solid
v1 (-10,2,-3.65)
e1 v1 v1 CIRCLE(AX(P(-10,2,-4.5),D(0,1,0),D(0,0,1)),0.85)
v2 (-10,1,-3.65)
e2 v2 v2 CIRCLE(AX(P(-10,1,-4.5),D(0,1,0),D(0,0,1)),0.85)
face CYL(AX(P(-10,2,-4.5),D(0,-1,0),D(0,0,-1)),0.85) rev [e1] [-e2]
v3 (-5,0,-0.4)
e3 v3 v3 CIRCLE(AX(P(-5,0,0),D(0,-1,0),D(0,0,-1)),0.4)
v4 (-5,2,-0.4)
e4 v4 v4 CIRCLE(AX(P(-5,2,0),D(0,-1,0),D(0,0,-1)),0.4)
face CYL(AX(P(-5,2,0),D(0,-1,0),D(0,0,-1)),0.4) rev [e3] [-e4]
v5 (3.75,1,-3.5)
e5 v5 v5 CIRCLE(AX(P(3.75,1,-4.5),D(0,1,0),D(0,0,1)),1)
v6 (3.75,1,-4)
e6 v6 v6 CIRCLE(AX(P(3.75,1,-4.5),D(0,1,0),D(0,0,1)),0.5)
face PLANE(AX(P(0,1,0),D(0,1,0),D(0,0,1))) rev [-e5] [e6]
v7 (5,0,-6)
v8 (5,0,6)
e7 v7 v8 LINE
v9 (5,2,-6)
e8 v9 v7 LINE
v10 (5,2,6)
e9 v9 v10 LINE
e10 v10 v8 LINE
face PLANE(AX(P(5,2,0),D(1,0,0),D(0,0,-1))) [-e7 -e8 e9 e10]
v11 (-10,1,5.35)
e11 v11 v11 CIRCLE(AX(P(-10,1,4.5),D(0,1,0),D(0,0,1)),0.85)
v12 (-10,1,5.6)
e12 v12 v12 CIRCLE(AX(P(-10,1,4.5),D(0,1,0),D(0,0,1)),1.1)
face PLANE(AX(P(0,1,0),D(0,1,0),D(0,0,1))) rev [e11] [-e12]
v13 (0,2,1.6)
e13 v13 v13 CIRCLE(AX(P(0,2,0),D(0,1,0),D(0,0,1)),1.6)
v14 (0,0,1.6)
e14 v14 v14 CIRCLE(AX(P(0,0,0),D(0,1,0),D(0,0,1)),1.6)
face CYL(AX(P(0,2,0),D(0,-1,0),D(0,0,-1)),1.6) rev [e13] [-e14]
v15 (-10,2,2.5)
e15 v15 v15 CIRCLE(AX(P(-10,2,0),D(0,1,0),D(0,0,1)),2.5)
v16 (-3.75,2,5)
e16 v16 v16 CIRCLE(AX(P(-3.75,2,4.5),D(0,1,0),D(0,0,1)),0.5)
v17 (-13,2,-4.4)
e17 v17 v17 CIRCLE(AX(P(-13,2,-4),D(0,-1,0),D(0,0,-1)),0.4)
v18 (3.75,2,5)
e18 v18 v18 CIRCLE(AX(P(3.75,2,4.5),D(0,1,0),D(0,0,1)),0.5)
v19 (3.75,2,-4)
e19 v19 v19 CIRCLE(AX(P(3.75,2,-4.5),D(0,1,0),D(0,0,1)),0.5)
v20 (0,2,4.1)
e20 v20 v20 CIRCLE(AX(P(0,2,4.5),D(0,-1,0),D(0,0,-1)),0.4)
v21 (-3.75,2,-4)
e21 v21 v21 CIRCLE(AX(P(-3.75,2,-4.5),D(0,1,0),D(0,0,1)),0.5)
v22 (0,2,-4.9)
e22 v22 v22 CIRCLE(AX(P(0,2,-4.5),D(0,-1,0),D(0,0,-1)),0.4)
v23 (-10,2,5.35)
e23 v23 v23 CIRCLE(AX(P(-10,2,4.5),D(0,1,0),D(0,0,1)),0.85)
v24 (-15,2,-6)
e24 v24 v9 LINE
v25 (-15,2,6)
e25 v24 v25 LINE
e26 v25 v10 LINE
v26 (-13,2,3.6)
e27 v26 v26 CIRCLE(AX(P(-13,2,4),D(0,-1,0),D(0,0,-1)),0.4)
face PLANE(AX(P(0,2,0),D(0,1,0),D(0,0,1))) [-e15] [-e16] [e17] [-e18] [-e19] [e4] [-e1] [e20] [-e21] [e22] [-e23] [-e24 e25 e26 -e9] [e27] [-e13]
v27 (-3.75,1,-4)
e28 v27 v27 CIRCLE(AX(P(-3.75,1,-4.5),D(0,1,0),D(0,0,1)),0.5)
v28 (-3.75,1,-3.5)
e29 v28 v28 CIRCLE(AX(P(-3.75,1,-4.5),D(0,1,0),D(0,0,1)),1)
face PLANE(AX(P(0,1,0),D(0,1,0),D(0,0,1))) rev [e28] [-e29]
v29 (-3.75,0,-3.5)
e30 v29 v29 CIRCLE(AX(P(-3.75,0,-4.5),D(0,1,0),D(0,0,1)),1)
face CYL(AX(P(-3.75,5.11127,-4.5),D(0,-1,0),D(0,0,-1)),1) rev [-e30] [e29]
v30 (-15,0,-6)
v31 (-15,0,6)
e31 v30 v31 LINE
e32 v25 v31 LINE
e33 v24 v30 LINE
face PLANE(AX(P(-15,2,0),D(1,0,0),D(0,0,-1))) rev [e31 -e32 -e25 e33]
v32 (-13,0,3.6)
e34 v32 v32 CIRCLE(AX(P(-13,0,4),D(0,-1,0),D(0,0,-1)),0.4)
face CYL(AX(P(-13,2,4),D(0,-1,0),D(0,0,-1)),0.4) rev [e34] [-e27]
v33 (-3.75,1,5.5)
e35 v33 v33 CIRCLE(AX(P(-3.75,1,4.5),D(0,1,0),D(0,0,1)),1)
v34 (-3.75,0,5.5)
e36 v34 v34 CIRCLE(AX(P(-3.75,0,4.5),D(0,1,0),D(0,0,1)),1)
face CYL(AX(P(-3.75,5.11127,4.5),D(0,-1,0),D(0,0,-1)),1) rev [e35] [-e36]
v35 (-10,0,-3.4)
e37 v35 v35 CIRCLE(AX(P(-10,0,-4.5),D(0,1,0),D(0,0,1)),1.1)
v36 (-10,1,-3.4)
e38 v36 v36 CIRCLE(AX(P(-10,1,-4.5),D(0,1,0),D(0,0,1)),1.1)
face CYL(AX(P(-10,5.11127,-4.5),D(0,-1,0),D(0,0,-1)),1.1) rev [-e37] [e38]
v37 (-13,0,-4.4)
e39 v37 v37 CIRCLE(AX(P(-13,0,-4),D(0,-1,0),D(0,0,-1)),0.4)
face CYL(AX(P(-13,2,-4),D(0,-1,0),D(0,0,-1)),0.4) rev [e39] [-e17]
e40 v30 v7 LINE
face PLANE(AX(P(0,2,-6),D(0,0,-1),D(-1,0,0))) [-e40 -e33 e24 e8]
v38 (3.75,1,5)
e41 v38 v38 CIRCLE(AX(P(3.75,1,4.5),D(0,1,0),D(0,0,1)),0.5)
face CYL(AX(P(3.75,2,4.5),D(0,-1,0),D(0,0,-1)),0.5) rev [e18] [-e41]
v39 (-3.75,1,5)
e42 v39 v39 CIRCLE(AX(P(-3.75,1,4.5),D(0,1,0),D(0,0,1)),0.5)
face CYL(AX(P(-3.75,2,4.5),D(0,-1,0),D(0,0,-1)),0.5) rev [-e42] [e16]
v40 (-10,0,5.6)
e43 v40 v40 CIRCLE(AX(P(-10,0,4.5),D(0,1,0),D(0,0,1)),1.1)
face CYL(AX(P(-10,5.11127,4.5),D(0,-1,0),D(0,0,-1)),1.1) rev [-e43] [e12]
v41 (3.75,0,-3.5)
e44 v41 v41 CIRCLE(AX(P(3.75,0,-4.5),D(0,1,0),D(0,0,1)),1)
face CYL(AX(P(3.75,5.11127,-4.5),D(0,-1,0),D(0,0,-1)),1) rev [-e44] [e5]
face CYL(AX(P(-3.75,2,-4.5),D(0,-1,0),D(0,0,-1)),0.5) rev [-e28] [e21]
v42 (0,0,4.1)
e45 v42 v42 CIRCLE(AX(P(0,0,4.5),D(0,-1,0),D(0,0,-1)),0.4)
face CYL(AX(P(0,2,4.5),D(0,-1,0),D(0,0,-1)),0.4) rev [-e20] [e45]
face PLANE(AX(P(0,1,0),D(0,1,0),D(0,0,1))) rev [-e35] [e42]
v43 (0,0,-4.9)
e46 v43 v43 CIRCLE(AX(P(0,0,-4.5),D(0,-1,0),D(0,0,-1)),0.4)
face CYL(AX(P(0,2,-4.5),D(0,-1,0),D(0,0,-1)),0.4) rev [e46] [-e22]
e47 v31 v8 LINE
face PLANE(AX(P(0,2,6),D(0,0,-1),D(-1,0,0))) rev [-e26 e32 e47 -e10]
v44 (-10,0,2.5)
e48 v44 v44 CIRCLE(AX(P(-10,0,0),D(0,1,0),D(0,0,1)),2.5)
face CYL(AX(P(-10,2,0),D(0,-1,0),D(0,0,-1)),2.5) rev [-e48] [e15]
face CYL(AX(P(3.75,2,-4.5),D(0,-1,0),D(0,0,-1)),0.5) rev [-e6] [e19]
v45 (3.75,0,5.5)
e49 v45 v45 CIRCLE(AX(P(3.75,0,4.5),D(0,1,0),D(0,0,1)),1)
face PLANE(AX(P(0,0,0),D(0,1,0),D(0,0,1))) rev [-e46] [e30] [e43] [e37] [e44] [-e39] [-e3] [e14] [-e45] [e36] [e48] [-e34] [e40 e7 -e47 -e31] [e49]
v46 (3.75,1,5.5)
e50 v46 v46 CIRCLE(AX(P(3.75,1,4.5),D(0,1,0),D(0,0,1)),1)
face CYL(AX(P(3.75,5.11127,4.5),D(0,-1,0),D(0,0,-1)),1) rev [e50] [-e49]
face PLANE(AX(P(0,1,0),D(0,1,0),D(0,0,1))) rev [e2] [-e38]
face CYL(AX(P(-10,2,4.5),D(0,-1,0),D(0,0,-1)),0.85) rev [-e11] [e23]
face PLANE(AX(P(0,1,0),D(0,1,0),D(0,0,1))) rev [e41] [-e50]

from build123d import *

# Parameters (mm, degrees)
SKETCH_1_W          = 20
SKETCH_1_H          = 12
SKETCH_1_R          = 2.5
SKETCH_1_R_2        = 1.6
EXTRUDE_1_DEPTH     = 2
SKETCH_1_4_R        = 0.5
SKETCH_1_4_R_2      = 0.85
CUT_EXTRUDE_1_DEPTH = 17.278820596
SKETCH_1_5_R        = 1
SKETCH_1_5_R_2      = 1.1
CUT_EXTRUDE_2_DEPTH = 1
SKETCH_2_R          = 0.4
CUT_EXTRUDE_3_DEPTH = 17.278820596


with BuildPart() as part:
    # 草图1 → 凸台-拉伸1 (new body)
    with BuildSketch(Plane(origin=(0, 0, 0), x_dir=(1, 0, 0), z_dir=(0, 1, 0))):
        with Locations((-5, 0)):
            Rectangle(SKETCH_1_W, SKETCH_1_H)
        with Locations(Location((-10, 0, 0), (0, 0, 270))):
            Circle(SKETCH_1_R, mode=Mode.SUBTRACT)
        with Locations(Location((0, 0, 0), (0, 0, 270))):
            Circle(SKETCH_1_R_2, mode=Mode.SUBTRACT)
    extrude(amount=EXTRUDE_1_DEPTH)

    # 草图1<4> → 切除-拉伸1 (cut, through all)
    with BuildSketch(Plane(origin=(0, 0, 0), x_dir=(1, 0, 0), z_dir=(0, 1, 0))):
        with Locations(Location((-3.75, 4.5, 0), (0, 0, 270))):
            Circle(SKETCH_1_4_R)
        with Locations(Location((3.75, -4.5, 0), (0, 0, 270))):
            Circle(SKETCH_1_4_R)
        with Locations(Location((3.75, 4.5, 0), (0, 0, 270))):
            Circle(SKETCH_1_4_R)
        with Locations(Location((-3.75, -4.5, 0), (0, 0, 270))):
            Circle(SKETCH_1_4_R)
        with Locations(Location((-10, 4.5, 0), (0, 0, 270))):
            Circle(SKETCH_1_4_R_2)
        with Locations(Location((-10, -4.5, 0), (0, 0, 270))):
            Circle(SKETCH_1_4_R_2)
    extrude(amount=CUT_EXTRUDE_1_DEPTH, mode=Mode.SUBTRACT)

    # 草图1<5> → 切除-拉伸2 (cut)
    with BuildSketch(Plane(origin=(0, 0, 0), x_dir=(1, 0, 0), z_dir=(0, 1, 0))):
        with Locations(Location((-3.75, 4.5, 0), (0, 0, 270))):
            Circle(SKETCH_1_5_R)
        with Locations(Location((3.75, 4.5, 0), (0, 0, 270))):
            Circle(SKETCH_1_5_R)
        with Locations(Location((-3.75, -4.5, 0), (0, 0, 270))):
            Circle(SKETCH_1_5_R)
        with Locations(Location((3.75, -4.5, 0), (0, 0, 270))):
            Circle(SKETCH_1_5_R)
        with Locations(Location((-10, -4.5, 0), (0, 0, 270))):
            Circle(SKETCH_1_5_R_2)
        with Locations(Location((-10, 4.5, 0), (0, 0, 270))):
            Circle(SKETCH_1_5_R_2)
    extrude(amount=CUT_EXTRUDE_2_DEPTH, mode=Mode.SUBTRACT)

    # 草图2 → 切除-拉伸3 (cut, through all)
    with BuildSketch(Plane.XZ):
        with Locations(Location((-13, 4, 0), (0, 0, 270))):
            Circle(SKETCH_2_R)
        with Locations(Location((-5, 0, 0), (0, 0, 270))):
            Circle(SKETCH_2_R)
        with Locations(Location((-13, -4, 0), (0, 0, 270))):
            Circle(SKETCH_2_R)
        with Locations(Location((0, -4.5, 0), (0, 0, 270))):
            Circle(SKETCH_2_R)
        with Locations(Location((0, 4.5, 0), (0, 0, 270))):
            Circle(SKETCH_2_R)
    extrude(amount=-CUT_EXTRUDE_3_DEPTH, mode=Mode.SUBTRACT)


solid = part.part
